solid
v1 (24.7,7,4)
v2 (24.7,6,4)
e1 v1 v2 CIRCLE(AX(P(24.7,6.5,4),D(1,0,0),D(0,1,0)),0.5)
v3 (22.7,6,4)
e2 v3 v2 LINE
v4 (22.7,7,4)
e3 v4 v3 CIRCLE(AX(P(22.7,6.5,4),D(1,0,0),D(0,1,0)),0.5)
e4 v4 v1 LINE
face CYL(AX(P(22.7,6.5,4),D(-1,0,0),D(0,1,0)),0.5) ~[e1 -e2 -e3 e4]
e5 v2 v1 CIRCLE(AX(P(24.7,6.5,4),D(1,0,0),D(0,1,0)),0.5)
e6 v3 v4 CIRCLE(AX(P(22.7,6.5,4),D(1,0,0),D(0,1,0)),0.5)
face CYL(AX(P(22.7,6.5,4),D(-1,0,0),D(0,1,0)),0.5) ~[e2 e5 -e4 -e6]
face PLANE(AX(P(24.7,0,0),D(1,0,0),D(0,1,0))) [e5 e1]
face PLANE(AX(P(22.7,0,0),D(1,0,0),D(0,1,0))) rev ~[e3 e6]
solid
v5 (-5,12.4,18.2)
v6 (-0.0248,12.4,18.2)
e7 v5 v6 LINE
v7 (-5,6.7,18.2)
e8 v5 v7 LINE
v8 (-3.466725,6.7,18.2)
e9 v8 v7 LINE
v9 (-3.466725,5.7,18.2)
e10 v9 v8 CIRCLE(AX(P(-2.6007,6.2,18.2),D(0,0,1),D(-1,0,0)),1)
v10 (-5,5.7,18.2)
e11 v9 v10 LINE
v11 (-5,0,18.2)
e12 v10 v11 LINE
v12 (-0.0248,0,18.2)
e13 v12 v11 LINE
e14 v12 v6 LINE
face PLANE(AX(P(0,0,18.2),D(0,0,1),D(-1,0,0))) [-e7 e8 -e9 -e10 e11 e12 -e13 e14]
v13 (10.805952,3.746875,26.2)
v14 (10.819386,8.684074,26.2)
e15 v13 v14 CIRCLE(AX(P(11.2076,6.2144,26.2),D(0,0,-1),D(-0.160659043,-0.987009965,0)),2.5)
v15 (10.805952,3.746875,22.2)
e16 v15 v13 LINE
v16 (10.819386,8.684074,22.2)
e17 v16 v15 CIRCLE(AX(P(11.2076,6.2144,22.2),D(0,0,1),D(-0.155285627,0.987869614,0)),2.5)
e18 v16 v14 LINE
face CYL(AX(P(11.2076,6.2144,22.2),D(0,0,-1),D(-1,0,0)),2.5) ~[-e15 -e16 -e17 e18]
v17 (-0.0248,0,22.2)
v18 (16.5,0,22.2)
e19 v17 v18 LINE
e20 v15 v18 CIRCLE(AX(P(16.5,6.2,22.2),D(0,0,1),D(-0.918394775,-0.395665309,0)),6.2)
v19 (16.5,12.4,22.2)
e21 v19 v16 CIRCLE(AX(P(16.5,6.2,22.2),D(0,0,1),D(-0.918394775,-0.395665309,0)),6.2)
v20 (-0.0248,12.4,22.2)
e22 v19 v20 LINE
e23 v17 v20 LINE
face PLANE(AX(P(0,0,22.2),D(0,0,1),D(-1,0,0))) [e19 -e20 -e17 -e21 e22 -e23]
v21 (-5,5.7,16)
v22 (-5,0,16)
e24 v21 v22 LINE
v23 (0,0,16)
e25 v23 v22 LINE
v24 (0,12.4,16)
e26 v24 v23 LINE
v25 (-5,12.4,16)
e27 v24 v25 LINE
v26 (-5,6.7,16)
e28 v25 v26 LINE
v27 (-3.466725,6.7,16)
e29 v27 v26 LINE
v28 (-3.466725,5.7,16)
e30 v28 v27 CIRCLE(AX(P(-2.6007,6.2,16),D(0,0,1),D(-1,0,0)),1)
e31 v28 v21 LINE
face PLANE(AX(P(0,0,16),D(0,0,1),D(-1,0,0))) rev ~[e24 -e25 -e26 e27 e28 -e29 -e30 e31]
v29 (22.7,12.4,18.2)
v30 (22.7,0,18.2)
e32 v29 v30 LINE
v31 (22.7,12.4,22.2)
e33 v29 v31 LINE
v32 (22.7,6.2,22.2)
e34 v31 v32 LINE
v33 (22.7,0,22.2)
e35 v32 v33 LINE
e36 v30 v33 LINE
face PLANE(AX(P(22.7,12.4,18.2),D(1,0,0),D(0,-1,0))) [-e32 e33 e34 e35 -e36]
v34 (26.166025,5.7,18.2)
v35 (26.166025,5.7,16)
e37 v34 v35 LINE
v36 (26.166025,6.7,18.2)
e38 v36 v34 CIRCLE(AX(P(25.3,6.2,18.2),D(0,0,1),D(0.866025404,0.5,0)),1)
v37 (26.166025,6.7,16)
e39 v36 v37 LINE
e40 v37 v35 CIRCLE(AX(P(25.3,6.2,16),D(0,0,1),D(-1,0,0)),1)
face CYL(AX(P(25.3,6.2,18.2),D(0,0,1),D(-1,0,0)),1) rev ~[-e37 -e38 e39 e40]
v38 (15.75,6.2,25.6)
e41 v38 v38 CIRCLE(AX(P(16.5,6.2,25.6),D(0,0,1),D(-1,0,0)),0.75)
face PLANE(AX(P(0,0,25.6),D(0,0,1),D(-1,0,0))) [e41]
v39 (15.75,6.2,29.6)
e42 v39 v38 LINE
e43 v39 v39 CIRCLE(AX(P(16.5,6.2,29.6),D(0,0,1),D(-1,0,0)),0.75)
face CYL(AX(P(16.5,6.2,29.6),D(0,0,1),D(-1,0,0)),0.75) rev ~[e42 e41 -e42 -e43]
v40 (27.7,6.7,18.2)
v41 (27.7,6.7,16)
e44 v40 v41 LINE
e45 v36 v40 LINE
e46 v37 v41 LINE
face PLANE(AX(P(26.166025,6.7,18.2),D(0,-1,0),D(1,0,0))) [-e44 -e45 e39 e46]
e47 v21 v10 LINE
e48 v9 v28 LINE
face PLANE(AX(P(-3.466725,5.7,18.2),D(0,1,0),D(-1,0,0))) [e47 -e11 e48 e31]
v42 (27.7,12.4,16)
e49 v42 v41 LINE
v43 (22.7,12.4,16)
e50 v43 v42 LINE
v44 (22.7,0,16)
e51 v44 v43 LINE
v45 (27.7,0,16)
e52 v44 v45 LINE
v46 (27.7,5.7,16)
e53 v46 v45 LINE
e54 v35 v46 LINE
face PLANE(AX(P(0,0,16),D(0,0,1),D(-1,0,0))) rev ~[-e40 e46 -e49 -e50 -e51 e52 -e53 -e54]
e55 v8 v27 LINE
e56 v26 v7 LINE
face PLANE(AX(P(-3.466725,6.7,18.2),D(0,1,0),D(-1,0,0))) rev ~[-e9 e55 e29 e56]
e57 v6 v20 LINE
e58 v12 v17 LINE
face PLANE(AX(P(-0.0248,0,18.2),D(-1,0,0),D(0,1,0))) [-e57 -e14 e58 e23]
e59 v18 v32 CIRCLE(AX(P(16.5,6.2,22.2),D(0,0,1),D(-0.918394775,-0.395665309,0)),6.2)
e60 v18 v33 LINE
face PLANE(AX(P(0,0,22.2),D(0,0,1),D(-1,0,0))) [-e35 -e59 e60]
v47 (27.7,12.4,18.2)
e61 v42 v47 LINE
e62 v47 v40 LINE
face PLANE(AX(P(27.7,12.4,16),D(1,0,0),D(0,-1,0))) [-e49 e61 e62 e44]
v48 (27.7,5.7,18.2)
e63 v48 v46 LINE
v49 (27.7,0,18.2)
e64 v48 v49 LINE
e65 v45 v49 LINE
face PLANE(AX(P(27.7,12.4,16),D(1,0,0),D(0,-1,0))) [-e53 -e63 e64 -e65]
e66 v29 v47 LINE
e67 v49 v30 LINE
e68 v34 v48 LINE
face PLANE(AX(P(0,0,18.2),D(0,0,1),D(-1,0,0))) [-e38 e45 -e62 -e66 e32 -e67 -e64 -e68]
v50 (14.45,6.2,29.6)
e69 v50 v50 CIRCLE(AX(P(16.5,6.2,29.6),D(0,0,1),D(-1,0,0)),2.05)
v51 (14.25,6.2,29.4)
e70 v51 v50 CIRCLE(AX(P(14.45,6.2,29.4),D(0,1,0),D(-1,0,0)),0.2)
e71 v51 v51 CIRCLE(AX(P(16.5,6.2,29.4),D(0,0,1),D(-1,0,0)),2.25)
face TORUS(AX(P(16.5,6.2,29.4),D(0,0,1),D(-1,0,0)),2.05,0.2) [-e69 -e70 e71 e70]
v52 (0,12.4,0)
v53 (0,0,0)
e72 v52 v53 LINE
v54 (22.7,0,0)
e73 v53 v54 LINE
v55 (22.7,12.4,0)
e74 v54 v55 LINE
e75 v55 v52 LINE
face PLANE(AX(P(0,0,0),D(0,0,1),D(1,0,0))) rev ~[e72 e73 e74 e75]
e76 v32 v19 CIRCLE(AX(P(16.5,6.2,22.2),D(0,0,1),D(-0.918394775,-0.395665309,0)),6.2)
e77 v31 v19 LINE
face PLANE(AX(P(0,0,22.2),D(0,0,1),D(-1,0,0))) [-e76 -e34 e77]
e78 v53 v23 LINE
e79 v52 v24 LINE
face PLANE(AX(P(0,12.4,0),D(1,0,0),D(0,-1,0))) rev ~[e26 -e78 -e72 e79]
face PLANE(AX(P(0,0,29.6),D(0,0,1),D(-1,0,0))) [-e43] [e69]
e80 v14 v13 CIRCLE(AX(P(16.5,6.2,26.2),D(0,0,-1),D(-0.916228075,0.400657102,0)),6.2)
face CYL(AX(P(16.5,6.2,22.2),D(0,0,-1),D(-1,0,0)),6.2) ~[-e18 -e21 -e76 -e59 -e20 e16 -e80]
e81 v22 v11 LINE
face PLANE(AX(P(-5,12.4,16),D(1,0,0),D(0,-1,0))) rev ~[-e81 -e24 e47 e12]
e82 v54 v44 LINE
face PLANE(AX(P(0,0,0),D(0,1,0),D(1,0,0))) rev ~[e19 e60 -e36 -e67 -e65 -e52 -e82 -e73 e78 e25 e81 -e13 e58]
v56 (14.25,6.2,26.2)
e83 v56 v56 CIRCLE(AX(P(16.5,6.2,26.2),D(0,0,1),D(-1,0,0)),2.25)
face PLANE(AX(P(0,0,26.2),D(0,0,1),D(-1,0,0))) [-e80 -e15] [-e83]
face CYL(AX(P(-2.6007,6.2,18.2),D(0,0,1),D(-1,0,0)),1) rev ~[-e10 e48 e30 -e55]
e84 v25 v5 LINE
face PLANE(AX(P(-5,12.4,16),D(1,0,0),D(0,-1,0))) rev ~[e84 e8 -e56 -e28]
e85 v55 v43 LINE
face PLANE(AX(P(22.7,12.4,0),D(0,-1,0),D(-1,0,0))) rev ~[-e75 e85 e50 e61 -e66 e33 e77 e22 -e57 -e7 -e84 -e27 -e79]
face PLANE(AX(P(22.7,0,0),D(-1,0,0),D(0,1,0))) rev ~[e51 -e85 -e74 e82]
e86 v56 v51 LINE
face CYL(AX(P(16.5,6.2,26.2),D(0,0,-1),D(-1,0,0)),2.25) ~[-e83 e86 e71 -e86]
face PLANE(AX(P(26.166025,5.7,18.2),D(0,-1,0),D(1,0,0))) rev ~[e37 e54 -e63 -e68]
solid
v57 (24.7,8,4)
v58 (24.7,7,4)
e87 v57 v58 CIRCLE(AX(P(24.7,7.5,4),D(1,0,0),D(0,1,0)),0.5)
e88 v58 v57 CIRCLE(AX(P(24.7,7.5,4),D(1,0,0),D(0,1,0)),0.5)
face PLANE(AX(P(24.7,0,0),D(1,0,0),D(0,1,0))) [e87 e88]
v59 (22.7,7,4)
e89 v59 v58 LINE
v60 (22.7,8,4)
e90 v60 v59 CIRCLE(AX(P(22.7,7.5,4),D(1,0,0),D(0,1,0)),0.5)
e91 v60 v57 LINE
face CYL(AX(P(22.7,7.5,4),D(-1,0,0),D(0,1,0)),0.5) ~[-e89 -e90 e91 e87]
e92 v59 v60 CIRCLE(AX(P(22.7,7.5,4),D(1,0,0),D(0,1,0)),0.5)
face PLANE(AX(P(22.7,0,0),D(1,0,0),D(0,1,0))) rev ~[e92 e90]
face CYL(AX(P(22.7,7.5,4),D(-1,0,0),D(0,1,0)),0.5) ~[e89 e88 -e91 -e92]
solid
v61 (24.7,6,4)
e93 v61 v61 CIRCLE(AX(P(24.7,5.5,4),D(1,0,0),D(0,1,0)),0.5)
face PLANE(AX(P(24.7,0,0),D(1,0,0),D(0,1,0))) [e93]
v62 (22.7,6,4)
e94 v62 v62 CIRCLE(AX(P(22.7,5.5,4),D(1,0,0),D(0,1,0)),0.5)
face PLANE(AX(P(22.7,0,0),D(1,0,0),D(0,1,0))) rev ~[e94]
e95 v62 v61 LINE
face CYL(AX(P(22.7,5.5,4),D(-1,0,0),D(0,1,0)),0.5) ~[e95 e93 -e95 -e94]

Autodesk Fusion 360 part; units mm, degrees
sketch "alap" plane through (0, 0, 0) normal (0, 0, 1) x (1, 0, 0)
  line L0 (0, 0) -> (22.7, 0)
  line L1 (22.7, 0) -> (22.7, 12.4)
  line L2 (22.7, 12.4) -> (0, 12.4)
  line L3 (0, 12.4) -> (0, 0)
  dimension "d1" = 22.7
  dimension "d2" = 12.4
extrude "Extrude1" add sketch "alap" along normal blind 16 makes body 1
sketch "felso_alap" plane through (0, 0, 16) normal (0, 0, 1) x (-1, 0, 0)
  line L0 (0, 0) -> (-22.7, 0)
  line L1 (-22.7, -12.4) -> (0, -12.4)
  line L2 (0, 0) -> (-22.7, 0)
  line L3 (-22.7, 0) -> (-27.7, 0)
  line L4 (0, 0) -> (5, 0)
  line L5 (5, 0) -> (-22.7, 0)
  line L6 (-22.7, -12.4) -> (5, -12.4)
  line L7 (5, -12.4) -> (5, 0)
  line L8 (-27.7, 0) -> (-22.7, 0)
  line L9 (-22.7, -12.4) -> (-27.7, -12.4)
  line L10 (-27.7, -12.4) -> (-27.7, 0)
  dimension "d5" = 5
  dimension "d6" = 5
extrude "Extrude2" add sketch "felso_alap" along normal blind 2.2 bodies 1
sketch "felso_teto" plane through (0, 0, 18.2) normal (0, 0, 1) x (-1, 0, 0)
  line L0 (-27.7, -12.4) -> (5, -12.4)
  line L1 (5, -12.4) -> (5, 0)
  line L2 (5, 0) -> (-27.7, 0)
  line L3 (-27.7, 0) -> (-27.7, -12.4)
  line L4 (0.0248, -12.4) -> (-22.7, -12.4)
  line L5 (-22.7, -12.4) -> (-22.7, 0)
  line L6 (-22.7, 0) -> (0.0248, 0)
  line L7 (0.0248, 0) -> (0.0248, -12.4)
extrude "Extrude3" add sketch "felso_teto" along normal blind 4 separate body contours L0 L2 L4 L5 L6 L7 makes body 2
combine "Combine1" operation add target body 2 tool bodies 1
sketch "gear_haus" plane through (0, 0, 22.2) normal (0, 0, 1) x (-1, 0, 0)
  line L0 (0.0248, 0) -> (-22.7, 0)
  line L1 (-22.7, 0) -> (-22.7, -12.4)
  line L2 (-22.7, -12.4) -> (0.0248, -12.4)
  line L3 (0.0248, -12.4) -> (0.0248, 0)
  circle A0 centre (-16.5, -6.2) radius 6.2
  line L4 (-22.7, -6.2144) -> (-8.7, -6.2144) construction
  circle A1 centre (-11.2076, -6.2144) radius 2.5
  dimension "d11" = 12.4
  dimension "d14" = 14
  dimension "d16" = 5
extrude "Extrude4" add sketch "gear_haus" along normal blind 4 contours A0 A1 | A0 A1 | A0 A1 bodies 2
sketch "Sketch7" plane through (0, 0, 26.2) normal (0, 0, 1) x (-1, 0, 0)
  arc A0 (-10.8194, -8.6841) -> (-10.806, -3.7469) centre (-11.2076, -6.2144) ccw
  arc A1 (-10.806, -3.7469) -> (-10.8194, -8.6841) centre (-16.5, -6.2) ccw
  circle A2 centre (-16.5, -6.2) radius 2.25
  dimension "d19" = 4.5
extrude "Extrude5" add sketch "Sketch7" along normal blind 3.4 contours A2 bodies 2
sketch "Sketch8" plane through (0, 0, 29.6) normal (0, 0, 1) x (-1, 0, 0)
  circle A0 centre (-16.5, -6.2) radius 2.25
  circle A1 centre (-16.5, -6.2) radius 0.75
  dimension "d22" = 1.5
extrude "Extrude6" cut sketch "Sketch8" against normal blind 4 contours A1 bodies 2
fillet "Fillet1" radius 0.2 1 edges at (18.5977, 7.0136, 29.6) on bodies 2
sketch "Sketch10" plane through (0, 0, 18.2) normal (0, 0, 1) x (-1, 0, 0)
  line L0 (-22.7, -12.4) -> (-22.7, 0)
  line L1 (-22.7, 0) -> (-27.7, 0)
  line L2 (-27.7, 0) -> (-27.7, -12.4)
  line L3 (-27.7, -12.4) -> (-22.7, -12.4)
  line L4 (5.7217, -6.2) -> (-31, -6.2) construction
  line L5 (-25.3, -6.2) -> (-25.3, -6.7)
  line L6 (-25.3, -6.7) -> (-27.7, -6.7)
  line L7 (-27.7, -6.7) -> (-27.7, -6.2)
  line L8 (-25.3, -6.2) -> (-25.3, -5.7)
  line L9 (-25.3, -5.7) -> (-27.7, -5.7)
  line L10 (-27.7, -5.7) -> (-27.7, -6.2)
  circle A0 centre (-25.3, -6.2) radius 1
  line L11 (5.0007, -12.4) -> (-27.7, -12.4) construction
  line L12 (-11.3497, -12.4) -> (-11.3497, 3) construction
  circle A1 centre (2.6007, -6.2) radius 1
  line L13 (2.6007, -5.7) -> (5.0007, -5.7)
  line L14 (2.6007, -6.2) -> (2.6007, -5.7)
  line L15 (2.6007, -6.2) -> (2.6007, -6.7)
  line L16 (2.6007, -6.7) -> (5.0007, -6.7)
  line L17 (5.0007, -6.7) -> (5.0007, -5.7)
  dimension "d30" = 2.4
  dimension "d31" = 0.5
  dimension "d32" = 2
extrude "Extrude7" cut sketch "Sketch10" against normal blind 4 contours L2 L6 L7 L9 L10 A0 | L5 L6 L8 L9 A0 | L5 L6 L8 L9 A0 bodies 2
extrude "Extrude8" cut sketch "Sketch10" against normal blind 4 contours A1 L13 L14 L15 L16 | A1 L13 L16 L17 | A1 L13 L14 L15 L16 bodies 2
sketch "vezetek" plane through (22.7, 0, 0) normal (1, 0, 0) x (0, 1, 0)
  line L0 (0, 0) -> (12.4, 0)
  line L1 (12.4, 0) -> (12.4, 16)
  line L2 (12.4, 16) -> (0, 16)
  line L3 (0, 16) -> (0, 0)
  circle A0 centre (5.5, 4) radius 0.5
  circle A1 centre (6.5, 4) radius 0.5
  circle A2 centre (7.5, 4) radius 0.5
  line L4 (6.5, 0) -> (6.5, 4) construction
  line L5 (0, 4) -> (4, 4) construction
  dimension "d37" = 1
  dimension "d38" = 1
  dimension "d39" = 4
  dimension "d40" = 4
extrude "Extrude9" add sketch "vezetek" along normal blind 2 separate body contours A0 | A2 | A1 makes body 3 at (24.0333, 7.6354, 4.4813)
